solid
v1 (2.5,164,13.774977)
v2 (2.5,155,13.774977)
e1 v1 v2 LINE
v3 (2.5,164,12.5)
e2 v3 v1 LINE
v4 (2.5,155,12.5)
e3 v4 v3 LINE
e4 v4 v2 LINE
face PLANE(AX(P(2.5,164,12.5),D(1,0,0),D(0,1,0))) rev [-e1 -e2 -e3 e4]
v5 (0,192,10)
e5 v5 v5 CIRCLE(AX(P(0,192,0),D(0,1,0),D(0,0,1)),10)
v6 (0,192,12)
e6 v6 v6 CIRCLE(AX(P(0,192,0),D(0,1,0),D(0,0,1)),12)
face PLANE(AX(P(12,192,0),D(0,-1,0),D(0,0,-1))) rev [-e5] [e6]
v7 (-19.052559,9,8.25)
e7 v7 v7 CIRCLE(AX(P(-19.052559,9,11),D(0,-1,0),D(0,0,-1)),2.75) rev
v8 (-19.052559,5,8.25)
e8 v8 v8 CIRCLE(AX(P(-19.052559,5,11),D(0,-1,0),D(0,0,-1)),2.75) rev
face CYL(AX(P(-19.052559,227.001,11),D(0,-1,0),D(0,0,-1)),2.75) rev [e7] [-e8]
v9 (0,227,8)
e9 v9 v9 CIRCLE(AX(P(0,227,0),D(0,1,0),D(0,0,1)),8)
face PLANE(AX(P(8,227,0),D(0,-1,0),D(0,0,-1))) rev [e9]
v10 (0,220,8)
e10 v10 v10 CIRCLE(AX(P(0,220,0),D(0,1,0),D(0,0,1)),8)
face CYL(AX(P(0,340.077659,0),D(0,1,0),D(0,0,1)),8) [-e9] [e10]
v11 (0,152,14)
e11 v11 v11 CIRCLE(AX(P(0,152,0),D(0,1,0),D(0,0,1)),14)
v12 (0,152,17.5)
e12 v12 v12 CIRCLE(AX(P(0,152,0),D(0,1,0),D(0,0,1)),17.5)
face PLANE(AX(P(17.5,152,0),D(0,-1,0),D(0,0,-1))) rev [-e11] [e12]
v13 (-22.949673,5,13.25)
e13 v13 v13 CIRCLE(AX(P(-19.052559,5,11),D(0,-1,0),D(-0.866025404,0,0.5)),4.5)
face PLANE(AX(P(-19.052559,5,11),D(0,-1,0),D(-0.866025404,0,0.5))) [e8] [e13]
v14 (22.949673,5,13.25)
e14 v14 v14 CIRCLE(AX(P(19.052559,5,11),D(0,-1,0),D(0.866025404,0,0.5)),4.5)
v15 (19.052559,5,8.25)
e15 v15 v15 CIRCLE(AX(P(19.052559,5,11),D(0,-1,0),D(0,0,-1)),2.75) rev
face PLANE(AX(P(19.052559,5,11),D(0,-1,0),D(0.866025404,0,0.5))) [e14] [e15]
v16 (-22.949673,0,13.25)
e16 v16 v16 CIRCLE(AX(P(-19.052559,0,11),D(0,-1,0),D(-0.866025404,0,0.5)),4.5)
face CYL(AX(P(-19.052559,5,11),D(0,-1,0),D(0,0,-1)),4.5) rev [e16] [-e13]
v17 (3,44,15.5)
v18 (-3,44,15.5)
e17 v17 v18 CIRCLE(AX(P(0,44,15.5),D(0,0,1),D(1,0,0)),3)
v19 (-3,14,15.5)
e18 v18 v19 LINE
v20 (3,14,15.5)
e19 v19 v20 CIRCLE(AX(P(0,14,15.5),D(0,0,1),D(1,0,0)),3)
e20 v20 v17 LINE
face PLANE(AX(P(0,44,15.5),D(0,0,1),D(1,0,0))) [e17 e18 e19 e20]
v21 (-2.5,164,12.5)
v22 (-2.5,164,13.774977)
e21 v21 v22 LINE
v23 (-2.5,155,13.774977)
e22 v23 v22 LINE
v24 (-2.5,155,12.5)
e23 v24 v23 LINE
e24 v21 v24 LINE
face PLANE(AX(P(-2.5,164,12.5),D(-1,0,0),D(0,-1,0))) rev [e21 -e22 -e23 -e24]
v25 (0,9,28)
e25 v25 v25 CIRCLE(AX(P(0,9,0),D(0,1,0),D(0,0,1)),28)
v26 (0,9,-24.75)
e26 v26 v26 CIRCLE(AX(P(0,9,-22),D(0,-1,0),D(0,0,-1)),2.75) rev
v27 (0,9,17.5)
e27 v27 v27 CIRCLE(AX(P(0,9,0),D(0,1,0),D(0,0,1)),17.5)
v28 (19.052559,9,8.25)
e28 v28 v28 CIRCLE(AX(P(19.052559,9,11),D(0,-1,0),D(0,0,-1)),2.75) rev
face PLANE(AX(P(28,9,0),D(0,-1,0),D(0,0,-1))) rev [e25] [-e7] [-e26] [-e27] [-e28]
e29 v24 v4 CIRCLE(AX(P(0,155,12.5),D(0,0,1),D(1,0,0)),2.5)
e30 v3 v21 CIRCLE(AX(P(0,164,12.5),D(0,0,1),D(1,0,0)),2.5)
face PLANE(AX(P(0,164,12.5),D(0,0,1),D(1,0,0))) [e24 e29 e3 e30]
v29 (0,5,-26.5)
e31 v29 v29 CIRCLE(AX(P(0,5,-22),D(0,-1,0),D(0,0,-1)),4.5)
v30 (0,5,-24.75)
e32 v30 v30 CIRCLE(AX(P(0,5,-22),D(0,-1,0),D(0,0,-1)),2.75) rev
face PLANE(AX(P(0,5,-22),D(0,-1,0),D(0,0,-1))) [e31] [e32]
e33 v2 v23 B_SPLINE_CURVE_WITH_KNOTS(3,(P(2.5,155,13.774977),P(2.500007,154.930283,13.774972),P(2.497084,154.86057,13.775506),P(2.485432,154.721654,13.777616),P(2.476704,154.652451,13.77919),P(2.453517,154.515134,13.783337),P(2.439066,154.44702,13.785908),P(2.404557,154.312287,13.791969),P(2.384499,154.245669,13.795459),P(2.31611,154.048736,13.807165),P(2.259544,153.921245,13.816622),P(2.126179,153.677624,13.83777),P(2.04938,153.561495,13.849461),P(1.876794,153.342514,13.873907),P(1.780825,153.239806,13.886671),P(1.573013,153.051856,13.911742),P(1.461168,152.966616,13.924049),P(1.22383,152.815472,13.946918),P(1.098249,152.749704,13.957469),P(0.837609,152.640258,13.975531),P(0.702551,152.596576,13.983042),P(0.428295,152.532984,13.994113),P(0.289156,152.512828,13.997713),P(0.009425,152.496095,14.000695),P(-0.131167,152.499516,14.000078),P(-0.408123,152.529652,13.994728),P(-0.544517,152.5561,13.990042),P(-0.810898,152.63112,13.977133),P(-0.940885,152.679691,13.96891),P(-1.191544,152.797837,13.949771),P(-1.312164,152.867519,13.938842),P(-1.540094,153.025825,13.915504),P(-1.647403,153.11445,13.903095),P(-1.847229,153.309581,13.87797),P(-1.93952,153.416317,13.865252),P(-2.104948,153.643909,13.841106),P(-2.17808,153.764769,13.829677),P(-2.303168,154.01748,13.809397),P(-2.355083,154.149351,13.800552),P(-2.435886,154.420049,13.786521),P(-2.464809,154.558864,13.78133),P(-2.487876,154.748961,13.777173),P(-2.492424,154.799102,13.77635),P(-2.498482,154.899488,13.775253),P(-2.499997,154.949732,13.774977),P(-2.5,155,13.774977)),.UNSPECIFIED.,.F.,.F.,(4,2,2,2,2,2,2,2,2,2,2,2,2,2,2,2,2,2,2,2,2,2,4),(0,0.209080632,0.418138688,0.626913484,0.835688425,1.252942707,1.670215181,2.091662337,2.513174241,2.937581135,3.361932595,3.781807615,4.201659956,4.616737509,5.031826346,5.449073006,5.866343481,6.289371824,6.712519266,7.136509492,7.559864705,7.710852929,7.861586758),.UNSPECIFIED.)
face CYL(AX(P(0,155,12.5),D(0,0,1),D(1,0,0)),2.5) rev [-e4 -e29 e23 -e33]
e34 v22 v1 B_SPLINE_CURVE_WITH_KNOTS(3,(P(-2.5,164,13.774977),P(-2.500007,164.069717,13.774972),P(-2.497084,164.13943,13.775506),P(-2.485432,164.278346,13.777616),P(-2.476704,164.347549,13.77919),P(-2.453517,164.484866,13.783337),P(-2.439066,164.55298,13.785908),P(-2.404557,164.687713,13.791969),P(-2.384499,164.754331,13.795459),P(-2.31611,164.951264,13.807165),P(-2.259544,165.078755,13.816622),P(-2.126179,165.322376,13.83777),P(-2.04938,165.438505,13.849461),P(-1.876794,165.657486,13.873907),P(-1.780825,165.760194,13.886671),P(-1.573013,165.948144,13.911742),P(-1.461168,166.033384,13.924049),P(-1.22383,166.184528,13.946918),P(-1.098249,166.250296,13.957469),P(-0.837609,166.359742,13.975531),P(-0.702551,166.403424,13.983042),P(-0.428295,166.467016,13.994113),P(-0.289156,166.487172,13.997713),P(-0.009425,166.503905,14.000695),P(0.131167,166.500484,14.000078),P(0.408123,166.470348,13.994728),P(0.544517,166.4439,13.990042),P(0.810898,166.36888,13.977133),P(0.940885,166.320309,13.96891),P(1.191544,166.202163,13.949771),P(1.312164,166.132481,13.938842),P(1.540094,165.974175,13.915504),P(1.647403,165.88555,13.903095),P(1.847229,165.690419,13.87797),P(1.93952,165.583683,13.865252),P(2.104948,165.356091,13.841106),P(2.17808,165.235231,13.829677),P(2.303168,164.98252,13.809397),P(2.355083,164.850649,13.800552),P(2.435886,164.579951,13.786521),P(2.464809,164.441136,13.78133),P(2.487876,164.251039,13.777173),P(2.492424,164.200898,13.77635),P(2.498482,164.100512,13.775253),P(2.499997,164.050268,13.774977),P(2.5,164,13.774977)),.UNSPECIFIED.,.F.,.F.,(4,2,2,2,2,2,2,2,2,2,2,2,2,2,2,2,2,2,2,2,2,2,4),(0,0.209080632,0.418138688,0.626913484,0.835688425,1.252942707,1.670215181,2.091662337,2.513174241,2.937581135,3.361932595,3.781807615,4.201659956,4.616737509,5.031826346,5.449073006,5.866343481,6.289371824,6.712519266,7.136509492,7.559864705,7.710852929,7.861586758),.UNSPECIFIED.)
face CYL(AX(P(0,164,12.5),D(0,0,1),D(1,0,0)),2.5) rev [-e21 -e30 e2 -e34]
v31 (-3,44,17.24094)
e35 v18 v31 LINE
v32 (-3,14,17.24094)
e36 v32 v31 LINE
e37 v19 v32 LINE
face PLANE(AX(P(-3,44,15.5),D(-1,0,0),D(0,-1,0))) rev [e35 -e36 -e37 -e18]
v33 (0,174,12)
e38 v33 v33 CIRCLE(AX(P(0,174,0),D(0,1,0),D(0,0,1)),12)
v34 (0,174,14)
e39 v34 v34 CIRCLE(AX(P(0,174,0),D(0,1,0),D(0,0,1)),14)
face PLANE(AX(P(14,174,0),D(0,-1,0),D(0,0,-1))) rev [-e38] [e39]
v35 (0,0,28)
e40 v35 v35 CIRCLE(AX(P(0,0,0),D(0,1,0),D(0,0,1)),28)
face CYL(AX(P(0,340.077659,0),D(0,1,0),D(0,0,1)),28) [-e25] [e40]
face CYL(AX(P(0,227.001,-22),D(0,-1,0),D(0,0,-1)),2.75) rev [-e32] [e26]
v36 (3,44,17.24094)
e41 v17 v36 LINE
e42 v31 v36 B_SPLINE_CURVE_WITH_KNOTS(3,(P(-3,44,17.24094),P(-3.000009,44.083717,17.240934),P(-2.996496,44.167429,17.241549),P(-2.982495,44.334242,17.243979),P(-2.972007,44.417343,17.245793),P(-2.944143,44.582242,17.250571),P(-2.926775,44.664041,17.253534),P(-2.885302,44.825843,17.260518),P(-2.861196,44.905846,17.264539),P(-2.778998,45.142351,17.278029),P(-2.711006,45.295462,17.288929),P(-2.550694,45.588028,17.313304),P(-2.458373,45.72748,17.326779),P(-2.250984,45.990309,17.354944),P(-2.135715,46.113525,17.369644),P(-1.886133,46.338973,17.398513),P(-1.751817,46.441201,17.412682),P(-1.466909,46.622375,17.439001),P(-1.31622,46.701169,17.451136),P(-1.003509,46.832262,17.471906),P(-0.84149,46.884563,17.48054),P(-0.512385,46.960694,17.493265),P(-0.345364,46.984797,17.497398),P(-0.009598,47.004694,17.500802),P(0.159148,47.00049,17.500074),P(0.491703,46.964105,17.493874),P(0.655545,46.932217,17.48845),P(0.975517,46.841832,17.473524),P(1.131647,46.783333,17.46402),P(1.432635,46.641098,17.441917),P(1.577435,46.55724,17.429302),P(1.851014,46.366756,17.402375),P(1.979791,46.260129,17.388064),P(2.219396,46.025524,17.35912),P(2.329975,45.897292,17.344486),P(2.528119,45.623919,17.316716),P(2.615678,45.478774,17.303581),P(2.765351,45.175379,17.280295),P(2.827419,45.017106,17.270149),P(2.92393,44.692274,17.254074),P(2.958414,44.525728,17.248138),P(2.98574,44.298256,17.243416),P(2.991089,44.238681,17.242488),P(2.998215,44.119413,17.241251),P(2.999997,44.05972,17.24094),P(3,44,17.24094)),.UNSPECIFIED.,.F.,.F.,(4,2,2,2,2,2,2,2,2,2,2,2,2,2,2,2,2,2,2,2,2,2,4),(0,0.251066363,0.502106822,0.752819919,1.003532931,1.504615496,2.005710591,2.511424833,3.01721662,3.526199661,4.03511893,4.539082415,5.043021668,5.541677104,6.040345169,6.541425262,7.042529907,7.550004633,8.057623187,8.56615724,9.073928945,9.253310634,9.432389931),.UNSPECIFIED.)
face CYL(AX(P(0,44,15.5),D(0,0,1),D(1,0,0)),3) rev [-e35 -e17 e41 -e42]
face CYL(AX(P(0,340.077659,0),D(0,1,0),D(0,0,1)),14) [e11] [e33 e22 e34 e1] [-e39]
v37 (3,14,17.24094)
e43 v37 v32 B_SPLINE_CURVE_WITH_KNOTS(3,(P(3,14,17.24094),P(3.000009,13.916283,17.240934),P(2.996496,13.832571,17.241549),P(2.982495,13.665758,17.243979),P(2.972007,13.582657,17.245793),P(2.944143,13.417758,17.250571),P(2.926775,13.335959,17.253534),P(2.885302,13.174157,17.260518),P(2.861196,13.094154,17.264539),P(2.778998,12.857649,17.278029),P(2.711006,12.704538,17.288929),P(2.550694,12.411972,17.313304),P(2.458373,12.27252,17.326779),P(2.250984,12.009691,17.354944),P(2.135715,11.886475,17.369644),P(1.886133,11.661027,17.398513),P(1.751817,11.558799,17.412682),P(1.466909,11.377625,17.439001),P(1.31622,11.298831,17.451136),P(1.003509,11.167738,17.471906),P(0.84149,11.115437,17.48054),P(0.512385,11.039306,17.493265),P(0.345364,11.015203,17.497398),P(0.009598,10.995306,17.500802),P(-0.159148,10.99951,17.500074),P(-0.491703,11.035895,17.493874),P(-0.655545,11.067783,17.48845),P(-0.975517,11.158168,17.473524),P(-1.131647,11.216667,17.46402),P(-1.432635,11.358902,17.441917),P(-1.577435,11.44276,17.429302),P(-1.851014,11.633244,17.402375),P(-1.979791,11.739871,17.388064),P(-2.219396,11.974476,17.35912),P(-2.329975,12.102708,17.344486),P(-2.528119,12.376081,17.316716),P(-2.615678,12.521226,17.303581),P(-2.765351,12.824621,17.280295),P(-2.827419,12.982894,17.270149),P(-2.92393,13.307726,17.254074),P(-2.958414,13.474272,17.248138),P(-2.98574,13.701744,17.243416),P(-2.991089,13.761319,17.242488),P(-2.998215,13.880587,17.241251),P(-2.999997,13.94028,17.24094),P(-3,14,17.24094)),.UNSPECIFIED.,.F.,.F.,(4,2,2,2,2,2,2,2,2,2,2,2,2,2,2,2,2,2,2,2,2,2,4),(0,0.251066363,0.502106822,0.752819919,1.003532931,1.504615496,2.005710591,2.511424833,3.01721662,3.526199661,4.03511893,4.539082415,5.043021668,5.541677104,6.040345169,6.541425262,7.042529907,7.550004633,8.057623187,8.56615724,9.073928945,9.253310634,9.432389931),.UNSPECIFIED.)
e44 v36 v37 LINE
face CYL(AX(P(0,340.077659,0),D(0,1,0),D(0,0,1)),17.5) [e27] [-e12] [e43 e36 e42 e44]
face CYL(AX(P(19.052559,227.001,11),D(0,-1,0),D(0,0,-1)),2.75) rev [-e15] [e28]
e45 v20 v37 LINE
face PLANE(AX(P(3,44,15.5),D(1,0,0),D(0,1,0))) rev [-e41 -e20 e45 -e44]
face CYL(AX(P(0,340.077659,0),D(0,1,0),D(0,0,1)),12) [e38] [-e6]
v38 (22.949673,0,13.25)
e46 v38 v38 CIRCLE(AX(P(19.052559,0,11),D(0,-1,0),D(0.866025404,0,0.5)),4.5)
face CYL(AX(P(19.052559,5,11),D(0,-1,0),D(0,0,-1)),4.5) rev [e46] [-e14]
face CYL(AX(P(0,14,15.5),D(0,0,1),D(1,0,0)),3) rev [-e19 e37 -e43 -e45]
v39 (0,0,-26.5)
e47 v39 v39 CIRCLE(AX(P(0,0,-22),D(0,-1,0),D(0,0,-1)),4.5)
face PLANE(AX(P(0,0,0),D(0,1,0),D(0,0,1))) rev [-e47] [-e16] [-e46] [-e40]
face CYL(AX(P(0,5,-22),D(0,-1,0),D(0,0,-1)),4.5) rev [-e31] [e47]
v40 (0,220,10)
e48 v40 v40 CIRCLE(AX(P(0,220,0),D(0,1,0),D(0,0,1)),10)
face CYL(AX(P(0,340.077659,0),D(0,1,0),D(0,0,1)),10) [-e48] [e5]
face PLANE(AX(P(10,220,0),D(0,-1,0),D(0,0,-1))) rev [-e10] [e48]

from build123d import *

# Parameters (mm, degrees)
CUT_EXTRUDE1_DEPTH = 2
CUT_EXTRUDE2_DEPTH = 1.5
SKETCH7_R          = 2.75
CUT_EXTRUDE3_DEPTH = 9
SKETCH8_R          = 4.5
CUT_EXTRUDE4_DEPTH = 5
CIRPATTERN1_COUNT  = 3
CIRPATTERN2_COUNT  = 3


with BuildPart() as part:
    # Sketch1 → Revolve1 (revolve)
    with BuildSketch(Plane.XY):
        Polygon((0, 0), (28, 0), (28, 9), (17.5, 9), (17.5, 152), (14, 152), (14, 174), (12, 174), (12, 192), (10, 192), (10, 220), (8, 220), (8, 227), (0, 227), align=None)
    revolve(axis=Axis((0, 340.077659461, 0), (0, -1, 0)))

    # Sketch2 → Cut-Extrude1 (cut)
    with BuildSketch(Plane.XY.offset(17.5)):
        with BuildLine():
            Line((3, 44), (3, 14))
            ThreePointArc((3, 14), (0, 11), (-3, 14))
            Line((-3, 14), (-3, 44))
            ThreePointArc((-3, 44), (0, 47), (3, 44))
        make_face()
    extrude(amount=-CUT_EXTRUDE1_DEPTH, mode=Mode.SUBTRACT)

    # Sketch3 → Cut-Extrude2 (cut)
    with BuildSketch(Plane.XY.offset(14)):
        with BuildLine():
            Line((2.5, 164), (2.5, 155))
            ThreePointArc((2.5, 155), (0, 152.5), (-2.5, 155))
            Line((-2.5, 155), (-2.5, 164))
            ThreePointArc((-2.5, 164), (0, 166.5), (2.5, 164))
        make_face()
    extrude(amount=-CUT_EXTRUDE2_DEPTH, mode=Mode.SUBTRACT)

    # Sketch7 → Cut-Extrude3 (cut)
    with BuildSketch(Plane.XZ):
        with Locations((0, -22)):
            Circle(SKETCH7_R)
    cut_extrude3 = extrude(amount=-CUT_EXTRUDE3_DEPTH, mode=Mode.SUBTRACT)

    # Sketch8 → Cut-Extrude4 (cut)
    with BuildSketch(Plane.XZ):
        with Locations((0, -22)):
            Circle(SKETCH8_R)
    cut_extrude4 = extrude(amount=-CUT_EXTRUDE4_DEPTH, mode=Mode.SUBTRACT)

    # CirPattern1: Cut-Extrude3 ×3 about axis
    cirpattern1_axis = Axis((0, 0, 0), (0, 1, 0))
    for i in range(1, CIRPATTERN1_COUNT):
        add(cut_extrude3.rotate(cirpattern1_axis, i * 360 / CIRPATTERN1_COUNT), mode=Mode.SUBTRACT)

    # CirPattern2: Cut-Extrude4 ×3 about axis
    cirpattern2_axis = Axis((0, 0, 0), (0, 1, 0))
    for i in range(1, CIRPATTERN2_COUNT):
        add(cut_extrude4.rotate(cirpattern2_axis, i * 360 / CIRPATTERN2_COUNT), mode=Mode.SUBTRACT)


solid = part.part
